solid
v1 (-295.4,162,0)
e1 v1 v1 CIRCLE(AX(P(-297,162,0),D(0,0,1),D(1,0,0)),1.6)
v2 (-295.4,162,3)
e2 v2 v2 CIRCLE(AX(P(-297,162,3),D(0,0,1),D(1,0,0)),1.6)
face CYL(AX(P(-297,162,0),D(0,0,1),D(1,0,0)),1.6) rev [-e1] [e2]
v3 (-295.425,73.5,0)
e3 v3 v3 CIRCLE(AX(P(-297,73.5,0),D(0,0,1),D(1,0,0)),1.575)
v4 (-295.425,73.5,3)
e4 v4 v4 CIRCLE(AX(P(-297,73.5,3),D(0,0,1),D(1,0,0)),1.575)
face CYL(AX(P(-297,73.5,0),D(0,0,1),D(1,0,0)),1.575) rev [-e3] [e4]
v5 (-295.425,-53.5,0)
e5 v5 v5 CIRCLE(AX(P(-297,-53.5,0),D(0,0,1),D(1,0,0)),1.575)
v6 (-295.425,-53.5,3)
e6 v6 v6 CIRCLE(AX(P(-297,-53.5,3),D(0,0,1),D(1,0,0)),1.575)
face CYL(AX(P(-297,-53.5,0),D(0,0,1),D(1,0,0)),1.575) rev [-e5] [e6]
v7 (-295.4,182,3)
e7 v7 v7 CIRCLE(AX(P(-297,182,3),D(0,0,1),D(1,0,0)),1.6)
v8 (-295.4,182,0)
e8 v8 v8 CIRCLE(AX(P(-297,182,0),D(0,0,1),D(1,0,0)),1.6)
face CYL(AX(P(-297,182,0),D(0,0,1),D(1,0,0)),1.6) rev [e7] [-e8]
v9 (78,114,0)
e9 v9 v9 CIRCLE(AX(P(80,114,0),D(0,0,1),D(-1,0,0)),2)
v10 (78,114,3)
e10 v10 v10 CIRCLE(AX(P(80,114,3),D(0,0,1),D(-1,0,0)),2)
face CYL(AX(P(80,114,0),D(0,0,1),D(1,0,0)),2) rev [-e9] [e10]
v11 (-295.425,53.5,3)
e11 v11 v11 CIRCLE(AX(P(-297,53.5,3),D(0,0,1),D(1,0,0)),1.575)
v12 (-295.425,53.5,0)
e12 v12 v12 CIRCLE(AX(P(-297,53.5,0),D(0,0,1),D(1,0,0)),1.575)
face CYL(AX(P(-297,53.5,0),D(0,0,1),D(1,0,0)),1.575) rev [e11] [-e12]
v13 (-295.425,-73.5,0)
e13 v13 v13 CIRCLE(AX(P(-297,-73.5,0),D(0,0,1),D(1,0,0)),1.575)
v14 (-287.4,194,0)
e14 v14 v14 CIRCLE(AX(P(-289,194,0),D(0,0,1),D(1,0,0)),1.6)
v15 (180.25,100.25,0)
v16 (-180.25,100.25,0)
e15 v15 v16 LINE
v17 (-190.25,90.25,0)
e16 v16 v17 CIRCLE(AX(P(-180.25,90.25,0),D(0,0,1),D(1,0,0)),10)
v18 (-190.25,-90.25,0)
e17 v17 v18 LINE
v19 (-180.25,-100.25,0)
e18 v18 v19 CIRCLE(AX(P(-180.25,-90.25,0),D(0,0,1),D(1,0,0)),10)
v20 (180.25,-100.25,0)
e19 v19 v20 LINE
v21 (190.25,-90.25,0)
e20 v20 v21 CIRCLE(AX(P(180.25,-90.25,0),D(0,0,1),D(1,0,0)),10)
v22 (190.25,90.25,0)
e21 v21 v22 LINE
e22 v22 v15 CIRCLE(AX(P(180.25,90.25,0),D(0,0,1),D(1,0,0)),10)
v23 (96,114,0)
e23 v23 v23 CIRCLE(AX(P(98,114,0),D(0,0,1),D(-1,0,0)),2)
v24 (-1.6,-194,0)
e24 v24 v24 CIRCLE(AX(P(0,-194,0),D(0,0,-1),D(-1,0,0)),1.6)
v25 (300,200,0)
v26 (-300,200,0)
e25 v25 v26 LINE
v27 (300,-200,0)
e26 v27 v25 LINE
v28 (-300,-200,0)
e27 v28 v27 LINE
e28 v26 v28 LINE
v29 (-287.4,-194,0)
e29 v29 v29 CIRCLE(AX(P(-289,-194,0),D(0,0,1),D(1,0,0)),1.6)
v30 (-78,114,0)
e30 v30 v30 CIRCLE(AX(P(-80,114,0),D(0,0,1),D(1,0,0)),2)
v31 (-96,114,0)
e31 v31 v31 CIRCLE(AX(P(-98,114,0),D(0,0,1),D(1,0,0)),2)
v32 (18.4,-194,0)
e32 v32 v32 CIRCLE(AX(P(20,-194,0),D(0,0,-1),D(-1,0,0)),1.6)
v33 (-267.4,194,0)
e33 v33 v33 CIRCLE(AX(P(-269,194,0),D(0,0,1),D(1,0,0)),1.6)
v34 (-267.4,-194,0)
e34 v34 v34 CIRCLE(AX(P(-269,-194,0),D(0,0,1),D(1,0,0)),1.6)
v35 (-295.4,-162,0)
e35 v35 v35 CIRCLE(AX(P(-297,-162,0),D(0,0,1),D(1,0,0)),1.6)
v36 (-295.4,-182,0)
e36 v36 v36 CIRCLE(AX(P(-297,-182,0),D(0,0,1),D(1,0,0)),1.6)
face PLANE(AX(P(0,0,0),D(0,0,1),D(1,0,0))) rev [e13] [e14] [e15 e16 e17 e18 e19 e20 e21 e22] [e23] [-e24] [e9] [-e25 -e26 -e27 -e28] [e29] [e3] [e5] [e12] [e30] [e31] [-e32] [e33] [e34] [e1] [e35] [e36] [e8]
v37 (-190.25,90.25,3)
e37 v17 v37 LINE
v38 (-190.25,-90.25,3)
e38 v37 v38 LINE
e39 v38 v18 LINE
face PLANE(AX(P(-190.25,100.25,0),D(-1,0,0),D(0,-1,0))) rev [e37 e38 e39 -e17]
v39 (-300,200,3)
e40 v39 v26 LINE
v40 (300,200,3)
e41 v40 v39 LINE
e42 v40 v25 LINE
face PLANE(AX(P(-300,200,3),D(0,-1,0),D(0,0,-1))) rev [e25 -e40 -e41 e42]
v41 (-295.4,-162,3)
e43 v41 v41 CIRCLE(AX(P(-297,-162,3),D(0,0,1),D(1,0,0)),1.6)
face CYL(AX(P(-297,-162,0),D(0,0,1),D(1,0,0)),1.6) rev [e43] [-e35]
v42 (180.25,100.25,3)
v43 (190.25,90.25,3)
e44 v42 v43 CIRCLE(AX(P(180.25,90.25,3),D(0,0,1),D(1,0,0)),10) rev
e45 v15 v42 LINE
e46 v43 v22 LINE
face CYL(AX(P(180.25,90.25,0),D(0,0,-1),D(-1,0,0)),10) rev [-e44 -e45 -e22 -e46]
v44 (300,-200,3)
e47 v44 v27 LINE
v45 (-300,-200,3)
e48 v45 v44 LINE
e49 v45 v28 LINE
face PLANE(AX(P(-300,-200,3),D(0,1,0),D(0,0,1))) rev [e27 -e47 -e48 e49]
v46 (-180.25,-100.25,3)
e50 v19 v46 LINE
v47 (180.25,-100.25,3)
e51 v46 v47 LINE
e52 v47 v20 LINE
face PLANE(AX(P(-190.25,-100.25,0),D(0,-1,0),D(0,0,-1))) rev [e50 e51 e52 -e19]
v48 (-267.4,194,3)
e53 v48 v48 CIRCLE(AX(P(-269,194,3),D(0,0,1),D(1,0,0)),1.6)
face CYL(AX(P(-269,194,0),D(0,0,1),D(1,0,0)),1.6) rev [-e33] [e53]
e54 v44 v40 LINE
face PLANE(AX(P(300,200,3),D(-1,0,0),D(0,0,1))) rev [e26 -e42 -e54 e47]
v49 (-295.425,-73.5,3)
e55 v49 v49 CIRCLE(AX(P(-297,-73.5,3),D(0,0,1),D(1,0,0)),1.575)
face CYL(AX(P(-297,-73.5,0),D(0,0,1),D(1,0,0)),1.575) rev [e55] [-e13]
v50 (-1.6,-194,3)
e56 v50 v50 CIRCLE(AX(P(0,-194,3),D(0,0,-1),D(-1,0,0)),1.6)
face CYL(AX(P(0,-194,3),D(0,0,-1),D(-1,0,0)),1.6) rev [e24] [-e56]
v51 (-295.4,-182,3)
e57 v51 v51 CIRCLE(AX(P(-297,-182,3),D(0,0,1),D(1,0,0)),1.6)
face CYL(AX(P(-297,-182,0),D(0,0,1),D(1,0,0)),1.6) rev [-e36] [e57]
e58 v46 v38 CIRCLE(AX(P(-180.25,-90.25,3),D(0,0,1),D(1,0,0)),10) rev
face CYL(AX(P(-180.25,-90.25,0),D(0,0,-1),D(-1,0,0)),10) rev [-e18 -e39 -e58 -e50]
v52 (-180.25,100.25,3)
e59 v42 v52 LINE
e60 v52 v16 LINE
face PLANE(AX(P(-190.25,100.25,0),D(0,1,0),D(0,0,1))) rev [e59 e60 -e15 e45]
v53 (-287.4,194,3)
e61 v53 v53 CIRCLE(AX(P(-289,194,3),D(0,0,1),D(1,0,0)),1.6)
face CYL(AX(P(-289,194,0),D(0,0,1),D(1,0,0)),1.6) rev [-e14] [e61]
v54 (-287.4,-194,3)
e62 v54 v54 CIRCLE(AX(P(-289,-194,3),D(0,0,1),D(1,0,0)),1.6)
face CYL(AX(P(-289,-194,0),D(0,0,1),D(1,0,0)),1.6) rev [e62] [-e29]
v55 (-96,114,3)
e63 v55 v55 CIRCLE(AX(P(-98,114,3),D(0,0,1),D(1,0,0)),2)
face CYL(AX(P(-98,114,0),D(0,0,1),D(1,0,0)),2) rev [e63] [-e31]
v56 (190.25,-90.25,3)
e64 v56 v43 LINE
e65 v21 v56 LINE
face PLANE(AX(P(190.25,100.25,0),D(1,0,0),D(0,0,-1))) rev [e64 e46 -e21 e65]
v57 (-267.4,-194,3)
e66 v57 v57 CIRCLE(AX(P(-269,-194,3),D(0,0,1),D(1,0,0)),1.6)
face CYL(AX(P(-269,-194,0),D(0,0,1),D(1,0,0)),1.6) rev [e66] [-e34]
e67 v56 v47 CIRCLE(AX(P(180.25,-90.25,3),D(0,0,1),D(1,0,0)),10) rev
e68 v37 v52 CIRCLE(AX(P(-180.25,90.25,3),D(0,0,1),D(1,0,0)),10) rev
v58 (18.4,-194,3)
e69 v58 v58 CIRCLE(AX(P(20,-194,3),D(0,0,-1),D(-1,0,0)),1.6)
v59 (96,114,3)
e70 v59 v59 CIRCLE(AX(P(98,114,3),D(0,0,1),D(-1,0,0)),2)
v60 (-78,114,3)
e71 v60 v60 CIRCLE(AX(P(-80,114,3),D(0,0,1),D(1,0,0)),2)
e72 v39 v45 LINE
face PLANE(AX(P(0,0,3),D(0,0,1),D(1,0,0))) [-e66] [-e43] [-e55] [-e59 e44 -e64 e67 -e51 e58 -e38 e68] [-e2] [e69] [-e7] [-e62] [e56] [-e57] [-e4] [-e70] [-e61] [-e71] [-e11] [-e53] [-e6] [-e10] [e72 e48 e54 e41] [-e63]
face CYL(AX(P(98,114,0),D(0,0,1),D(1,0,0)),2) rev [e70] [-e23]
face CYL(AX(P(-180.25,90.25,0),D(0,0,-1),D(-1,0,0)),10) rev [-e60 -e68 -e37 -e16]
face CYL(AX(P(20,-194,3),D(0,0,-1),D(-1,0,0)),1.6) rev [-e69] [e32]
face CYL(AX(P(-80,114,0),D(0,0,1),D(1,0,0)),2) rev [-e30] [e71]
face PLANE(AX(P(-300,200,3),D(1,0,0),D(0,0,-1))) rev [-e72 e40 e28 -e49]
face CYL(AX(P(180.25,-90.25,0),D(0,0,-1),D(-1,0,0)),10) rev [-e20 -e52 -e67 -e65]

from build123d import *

# Parameters (mm, degrees)
SKETCH_1_W          = 600
SKETCH_1_H          = 400
EXTRUDE_1_DEPTH     = 3
SKETCH_2_R          = 1.6
CUT_EXTRUDE_1_DEPTH = 361.567608085
SKETCH_4_R          = 1.6
CUT_EXTRUDE_2_DEPTH = 361.567608085
SKETCH_6_R          = 1.6
CUT_EXTRUDE_3_DEPTH = 361.567608085
SKETCH_7_W          = 380.5
SKETCH_7_H          = 200.5
CUT_EXTRUDE_4_DEPTH = 361.567608085
SKETCH_8_R          = 1.575
CUT_EXTRUDE_5_DEPTH = 361.567608085
SKETCH_9_R          = 2
CUT_EXTRUDE_6_DEPTH = 361.567608085
FILLET_1_R          = 10


with BuildPart() as part:
    # 草图1 → 凸台-拉伸1 (new body)
    with BuildSketch(Plane.XY):
        Rectangle(SKETCH_1_W, SKETCH_1_H)
    extrude(amount=EXTRUDE_1_DEPTH)

    # 草图2 → 切除-拉伸1 (cut, through all)
    with BuildSketch(Plane.XY.offset(3)):
        with Locations((-297, 162)):
            Circle(SKETCH_2_R)
        with Locations((-297, 182)):
            Circle(SKETCH_2_R)
        with Locations((-289, 194)):
            Circle(SKETCH_2_R)
        with Locations((-269, 194)):
            Circle(SKETCH_2_R)
    extrude(amount=-CUT_EXTRUDE_1_DEPTH, mode=Mode.SUBTRACT)

    # 草图4 → 切除-拉伸2 (cut, through all)
    with BuildSketch(Plane.XY.offset(3)):
        with Locations((-297, -162)):
            Circle(SKETCH_4_R)
        with Locations((-297, -182)):
            Circle(SKETCH_4_R)
        with Locations((-289, -194)):
            Circle(SKETCH_4_R)
        with Locations((-269, -194)):
            Circle(SKETCH_4_R)
    extrude(amount=-CUT_EXTRUDE_2_DEPTH, mode=Mode.SUBTRACT)

    # 草图6 → 切除-拉伸3 (cut, through all)
    with BuildSketch(Plane(origin=(0, 0, 0), x_dir=(-1, 0, 0), z_dir=(0, 0, -1))):
        with Locations((0, -194)):
            Circle(SKETCH_6_R)
        with Locations((-20, -194)):
            Circle(SKETCH_6_R)
    extrude(amount=-CUT_EXTRUDE_3_DEPTH, mode=Mode.SUBTRACT)

    # 草图7 → 切除-拉伸4 (cut, through all)
    with BuildSketch(Plane.XY.offset(3)):
        Rectangle(SKETCH_7_W, SKETCH_7_H)
    extrude(amount=-CUT_EXTRUDE_4_DEPTH, mode=Mode.SUBTRACT)

    # 草图8 → 切除-拉伸5 (cut, through all)
    with BuildSketch(Plane.XY.offset(3)):
        with Locations((-297, 73.5)):
            Circle(SKETCH_8_R)
        with Locations((-297, 53.5)):
            Circle(SKETCH_8_R)
        with Locations((-297, -53.5)):
            Circle(SKETCH_8_R)
        with Locations((-297, -73.5)):
            Circle(SKETCH_8_R)
    extrude(amount=-CUT_EXTRUDE_5_DEPTH, mode=Mode.SUBTRACT)

    # 草图9 → 切除-拉伸6 (cut, through all)
    with BuildSketch(Plane.XY.offset(3)):
        with Locations((-98, 114)):
            Circle(SKETCH_9_R)
        with Locations((-80, 114)):
            Circle(SKETCH_9_R)
        with Locations(Location((80, 114, 0), (0, 0, 180))):
            Circle(SKETCH_9_R)
        with Locations(Location((98, 114, 0), (0, 0, 180))):
            Circle(SKETCH_9_R)
    extrude(amount=-CUT_EXTRUDE_6_DEPTH, mode=Mode.SUBTRACT)

    # 圆角1
    fillet_1_edges = [part.edges().sort_by_distance(p)[0] for p in [
        (190.25, 100.25, 1.5),
        (190.25, -100.25, 1.5),
        (-190.25, -100.25, 1.5),
        (-190.25, 100.25, 1.5),
    ]]
    fillet(fillet_1_edges, radius=FILLET_1_R)


solid = part.part
